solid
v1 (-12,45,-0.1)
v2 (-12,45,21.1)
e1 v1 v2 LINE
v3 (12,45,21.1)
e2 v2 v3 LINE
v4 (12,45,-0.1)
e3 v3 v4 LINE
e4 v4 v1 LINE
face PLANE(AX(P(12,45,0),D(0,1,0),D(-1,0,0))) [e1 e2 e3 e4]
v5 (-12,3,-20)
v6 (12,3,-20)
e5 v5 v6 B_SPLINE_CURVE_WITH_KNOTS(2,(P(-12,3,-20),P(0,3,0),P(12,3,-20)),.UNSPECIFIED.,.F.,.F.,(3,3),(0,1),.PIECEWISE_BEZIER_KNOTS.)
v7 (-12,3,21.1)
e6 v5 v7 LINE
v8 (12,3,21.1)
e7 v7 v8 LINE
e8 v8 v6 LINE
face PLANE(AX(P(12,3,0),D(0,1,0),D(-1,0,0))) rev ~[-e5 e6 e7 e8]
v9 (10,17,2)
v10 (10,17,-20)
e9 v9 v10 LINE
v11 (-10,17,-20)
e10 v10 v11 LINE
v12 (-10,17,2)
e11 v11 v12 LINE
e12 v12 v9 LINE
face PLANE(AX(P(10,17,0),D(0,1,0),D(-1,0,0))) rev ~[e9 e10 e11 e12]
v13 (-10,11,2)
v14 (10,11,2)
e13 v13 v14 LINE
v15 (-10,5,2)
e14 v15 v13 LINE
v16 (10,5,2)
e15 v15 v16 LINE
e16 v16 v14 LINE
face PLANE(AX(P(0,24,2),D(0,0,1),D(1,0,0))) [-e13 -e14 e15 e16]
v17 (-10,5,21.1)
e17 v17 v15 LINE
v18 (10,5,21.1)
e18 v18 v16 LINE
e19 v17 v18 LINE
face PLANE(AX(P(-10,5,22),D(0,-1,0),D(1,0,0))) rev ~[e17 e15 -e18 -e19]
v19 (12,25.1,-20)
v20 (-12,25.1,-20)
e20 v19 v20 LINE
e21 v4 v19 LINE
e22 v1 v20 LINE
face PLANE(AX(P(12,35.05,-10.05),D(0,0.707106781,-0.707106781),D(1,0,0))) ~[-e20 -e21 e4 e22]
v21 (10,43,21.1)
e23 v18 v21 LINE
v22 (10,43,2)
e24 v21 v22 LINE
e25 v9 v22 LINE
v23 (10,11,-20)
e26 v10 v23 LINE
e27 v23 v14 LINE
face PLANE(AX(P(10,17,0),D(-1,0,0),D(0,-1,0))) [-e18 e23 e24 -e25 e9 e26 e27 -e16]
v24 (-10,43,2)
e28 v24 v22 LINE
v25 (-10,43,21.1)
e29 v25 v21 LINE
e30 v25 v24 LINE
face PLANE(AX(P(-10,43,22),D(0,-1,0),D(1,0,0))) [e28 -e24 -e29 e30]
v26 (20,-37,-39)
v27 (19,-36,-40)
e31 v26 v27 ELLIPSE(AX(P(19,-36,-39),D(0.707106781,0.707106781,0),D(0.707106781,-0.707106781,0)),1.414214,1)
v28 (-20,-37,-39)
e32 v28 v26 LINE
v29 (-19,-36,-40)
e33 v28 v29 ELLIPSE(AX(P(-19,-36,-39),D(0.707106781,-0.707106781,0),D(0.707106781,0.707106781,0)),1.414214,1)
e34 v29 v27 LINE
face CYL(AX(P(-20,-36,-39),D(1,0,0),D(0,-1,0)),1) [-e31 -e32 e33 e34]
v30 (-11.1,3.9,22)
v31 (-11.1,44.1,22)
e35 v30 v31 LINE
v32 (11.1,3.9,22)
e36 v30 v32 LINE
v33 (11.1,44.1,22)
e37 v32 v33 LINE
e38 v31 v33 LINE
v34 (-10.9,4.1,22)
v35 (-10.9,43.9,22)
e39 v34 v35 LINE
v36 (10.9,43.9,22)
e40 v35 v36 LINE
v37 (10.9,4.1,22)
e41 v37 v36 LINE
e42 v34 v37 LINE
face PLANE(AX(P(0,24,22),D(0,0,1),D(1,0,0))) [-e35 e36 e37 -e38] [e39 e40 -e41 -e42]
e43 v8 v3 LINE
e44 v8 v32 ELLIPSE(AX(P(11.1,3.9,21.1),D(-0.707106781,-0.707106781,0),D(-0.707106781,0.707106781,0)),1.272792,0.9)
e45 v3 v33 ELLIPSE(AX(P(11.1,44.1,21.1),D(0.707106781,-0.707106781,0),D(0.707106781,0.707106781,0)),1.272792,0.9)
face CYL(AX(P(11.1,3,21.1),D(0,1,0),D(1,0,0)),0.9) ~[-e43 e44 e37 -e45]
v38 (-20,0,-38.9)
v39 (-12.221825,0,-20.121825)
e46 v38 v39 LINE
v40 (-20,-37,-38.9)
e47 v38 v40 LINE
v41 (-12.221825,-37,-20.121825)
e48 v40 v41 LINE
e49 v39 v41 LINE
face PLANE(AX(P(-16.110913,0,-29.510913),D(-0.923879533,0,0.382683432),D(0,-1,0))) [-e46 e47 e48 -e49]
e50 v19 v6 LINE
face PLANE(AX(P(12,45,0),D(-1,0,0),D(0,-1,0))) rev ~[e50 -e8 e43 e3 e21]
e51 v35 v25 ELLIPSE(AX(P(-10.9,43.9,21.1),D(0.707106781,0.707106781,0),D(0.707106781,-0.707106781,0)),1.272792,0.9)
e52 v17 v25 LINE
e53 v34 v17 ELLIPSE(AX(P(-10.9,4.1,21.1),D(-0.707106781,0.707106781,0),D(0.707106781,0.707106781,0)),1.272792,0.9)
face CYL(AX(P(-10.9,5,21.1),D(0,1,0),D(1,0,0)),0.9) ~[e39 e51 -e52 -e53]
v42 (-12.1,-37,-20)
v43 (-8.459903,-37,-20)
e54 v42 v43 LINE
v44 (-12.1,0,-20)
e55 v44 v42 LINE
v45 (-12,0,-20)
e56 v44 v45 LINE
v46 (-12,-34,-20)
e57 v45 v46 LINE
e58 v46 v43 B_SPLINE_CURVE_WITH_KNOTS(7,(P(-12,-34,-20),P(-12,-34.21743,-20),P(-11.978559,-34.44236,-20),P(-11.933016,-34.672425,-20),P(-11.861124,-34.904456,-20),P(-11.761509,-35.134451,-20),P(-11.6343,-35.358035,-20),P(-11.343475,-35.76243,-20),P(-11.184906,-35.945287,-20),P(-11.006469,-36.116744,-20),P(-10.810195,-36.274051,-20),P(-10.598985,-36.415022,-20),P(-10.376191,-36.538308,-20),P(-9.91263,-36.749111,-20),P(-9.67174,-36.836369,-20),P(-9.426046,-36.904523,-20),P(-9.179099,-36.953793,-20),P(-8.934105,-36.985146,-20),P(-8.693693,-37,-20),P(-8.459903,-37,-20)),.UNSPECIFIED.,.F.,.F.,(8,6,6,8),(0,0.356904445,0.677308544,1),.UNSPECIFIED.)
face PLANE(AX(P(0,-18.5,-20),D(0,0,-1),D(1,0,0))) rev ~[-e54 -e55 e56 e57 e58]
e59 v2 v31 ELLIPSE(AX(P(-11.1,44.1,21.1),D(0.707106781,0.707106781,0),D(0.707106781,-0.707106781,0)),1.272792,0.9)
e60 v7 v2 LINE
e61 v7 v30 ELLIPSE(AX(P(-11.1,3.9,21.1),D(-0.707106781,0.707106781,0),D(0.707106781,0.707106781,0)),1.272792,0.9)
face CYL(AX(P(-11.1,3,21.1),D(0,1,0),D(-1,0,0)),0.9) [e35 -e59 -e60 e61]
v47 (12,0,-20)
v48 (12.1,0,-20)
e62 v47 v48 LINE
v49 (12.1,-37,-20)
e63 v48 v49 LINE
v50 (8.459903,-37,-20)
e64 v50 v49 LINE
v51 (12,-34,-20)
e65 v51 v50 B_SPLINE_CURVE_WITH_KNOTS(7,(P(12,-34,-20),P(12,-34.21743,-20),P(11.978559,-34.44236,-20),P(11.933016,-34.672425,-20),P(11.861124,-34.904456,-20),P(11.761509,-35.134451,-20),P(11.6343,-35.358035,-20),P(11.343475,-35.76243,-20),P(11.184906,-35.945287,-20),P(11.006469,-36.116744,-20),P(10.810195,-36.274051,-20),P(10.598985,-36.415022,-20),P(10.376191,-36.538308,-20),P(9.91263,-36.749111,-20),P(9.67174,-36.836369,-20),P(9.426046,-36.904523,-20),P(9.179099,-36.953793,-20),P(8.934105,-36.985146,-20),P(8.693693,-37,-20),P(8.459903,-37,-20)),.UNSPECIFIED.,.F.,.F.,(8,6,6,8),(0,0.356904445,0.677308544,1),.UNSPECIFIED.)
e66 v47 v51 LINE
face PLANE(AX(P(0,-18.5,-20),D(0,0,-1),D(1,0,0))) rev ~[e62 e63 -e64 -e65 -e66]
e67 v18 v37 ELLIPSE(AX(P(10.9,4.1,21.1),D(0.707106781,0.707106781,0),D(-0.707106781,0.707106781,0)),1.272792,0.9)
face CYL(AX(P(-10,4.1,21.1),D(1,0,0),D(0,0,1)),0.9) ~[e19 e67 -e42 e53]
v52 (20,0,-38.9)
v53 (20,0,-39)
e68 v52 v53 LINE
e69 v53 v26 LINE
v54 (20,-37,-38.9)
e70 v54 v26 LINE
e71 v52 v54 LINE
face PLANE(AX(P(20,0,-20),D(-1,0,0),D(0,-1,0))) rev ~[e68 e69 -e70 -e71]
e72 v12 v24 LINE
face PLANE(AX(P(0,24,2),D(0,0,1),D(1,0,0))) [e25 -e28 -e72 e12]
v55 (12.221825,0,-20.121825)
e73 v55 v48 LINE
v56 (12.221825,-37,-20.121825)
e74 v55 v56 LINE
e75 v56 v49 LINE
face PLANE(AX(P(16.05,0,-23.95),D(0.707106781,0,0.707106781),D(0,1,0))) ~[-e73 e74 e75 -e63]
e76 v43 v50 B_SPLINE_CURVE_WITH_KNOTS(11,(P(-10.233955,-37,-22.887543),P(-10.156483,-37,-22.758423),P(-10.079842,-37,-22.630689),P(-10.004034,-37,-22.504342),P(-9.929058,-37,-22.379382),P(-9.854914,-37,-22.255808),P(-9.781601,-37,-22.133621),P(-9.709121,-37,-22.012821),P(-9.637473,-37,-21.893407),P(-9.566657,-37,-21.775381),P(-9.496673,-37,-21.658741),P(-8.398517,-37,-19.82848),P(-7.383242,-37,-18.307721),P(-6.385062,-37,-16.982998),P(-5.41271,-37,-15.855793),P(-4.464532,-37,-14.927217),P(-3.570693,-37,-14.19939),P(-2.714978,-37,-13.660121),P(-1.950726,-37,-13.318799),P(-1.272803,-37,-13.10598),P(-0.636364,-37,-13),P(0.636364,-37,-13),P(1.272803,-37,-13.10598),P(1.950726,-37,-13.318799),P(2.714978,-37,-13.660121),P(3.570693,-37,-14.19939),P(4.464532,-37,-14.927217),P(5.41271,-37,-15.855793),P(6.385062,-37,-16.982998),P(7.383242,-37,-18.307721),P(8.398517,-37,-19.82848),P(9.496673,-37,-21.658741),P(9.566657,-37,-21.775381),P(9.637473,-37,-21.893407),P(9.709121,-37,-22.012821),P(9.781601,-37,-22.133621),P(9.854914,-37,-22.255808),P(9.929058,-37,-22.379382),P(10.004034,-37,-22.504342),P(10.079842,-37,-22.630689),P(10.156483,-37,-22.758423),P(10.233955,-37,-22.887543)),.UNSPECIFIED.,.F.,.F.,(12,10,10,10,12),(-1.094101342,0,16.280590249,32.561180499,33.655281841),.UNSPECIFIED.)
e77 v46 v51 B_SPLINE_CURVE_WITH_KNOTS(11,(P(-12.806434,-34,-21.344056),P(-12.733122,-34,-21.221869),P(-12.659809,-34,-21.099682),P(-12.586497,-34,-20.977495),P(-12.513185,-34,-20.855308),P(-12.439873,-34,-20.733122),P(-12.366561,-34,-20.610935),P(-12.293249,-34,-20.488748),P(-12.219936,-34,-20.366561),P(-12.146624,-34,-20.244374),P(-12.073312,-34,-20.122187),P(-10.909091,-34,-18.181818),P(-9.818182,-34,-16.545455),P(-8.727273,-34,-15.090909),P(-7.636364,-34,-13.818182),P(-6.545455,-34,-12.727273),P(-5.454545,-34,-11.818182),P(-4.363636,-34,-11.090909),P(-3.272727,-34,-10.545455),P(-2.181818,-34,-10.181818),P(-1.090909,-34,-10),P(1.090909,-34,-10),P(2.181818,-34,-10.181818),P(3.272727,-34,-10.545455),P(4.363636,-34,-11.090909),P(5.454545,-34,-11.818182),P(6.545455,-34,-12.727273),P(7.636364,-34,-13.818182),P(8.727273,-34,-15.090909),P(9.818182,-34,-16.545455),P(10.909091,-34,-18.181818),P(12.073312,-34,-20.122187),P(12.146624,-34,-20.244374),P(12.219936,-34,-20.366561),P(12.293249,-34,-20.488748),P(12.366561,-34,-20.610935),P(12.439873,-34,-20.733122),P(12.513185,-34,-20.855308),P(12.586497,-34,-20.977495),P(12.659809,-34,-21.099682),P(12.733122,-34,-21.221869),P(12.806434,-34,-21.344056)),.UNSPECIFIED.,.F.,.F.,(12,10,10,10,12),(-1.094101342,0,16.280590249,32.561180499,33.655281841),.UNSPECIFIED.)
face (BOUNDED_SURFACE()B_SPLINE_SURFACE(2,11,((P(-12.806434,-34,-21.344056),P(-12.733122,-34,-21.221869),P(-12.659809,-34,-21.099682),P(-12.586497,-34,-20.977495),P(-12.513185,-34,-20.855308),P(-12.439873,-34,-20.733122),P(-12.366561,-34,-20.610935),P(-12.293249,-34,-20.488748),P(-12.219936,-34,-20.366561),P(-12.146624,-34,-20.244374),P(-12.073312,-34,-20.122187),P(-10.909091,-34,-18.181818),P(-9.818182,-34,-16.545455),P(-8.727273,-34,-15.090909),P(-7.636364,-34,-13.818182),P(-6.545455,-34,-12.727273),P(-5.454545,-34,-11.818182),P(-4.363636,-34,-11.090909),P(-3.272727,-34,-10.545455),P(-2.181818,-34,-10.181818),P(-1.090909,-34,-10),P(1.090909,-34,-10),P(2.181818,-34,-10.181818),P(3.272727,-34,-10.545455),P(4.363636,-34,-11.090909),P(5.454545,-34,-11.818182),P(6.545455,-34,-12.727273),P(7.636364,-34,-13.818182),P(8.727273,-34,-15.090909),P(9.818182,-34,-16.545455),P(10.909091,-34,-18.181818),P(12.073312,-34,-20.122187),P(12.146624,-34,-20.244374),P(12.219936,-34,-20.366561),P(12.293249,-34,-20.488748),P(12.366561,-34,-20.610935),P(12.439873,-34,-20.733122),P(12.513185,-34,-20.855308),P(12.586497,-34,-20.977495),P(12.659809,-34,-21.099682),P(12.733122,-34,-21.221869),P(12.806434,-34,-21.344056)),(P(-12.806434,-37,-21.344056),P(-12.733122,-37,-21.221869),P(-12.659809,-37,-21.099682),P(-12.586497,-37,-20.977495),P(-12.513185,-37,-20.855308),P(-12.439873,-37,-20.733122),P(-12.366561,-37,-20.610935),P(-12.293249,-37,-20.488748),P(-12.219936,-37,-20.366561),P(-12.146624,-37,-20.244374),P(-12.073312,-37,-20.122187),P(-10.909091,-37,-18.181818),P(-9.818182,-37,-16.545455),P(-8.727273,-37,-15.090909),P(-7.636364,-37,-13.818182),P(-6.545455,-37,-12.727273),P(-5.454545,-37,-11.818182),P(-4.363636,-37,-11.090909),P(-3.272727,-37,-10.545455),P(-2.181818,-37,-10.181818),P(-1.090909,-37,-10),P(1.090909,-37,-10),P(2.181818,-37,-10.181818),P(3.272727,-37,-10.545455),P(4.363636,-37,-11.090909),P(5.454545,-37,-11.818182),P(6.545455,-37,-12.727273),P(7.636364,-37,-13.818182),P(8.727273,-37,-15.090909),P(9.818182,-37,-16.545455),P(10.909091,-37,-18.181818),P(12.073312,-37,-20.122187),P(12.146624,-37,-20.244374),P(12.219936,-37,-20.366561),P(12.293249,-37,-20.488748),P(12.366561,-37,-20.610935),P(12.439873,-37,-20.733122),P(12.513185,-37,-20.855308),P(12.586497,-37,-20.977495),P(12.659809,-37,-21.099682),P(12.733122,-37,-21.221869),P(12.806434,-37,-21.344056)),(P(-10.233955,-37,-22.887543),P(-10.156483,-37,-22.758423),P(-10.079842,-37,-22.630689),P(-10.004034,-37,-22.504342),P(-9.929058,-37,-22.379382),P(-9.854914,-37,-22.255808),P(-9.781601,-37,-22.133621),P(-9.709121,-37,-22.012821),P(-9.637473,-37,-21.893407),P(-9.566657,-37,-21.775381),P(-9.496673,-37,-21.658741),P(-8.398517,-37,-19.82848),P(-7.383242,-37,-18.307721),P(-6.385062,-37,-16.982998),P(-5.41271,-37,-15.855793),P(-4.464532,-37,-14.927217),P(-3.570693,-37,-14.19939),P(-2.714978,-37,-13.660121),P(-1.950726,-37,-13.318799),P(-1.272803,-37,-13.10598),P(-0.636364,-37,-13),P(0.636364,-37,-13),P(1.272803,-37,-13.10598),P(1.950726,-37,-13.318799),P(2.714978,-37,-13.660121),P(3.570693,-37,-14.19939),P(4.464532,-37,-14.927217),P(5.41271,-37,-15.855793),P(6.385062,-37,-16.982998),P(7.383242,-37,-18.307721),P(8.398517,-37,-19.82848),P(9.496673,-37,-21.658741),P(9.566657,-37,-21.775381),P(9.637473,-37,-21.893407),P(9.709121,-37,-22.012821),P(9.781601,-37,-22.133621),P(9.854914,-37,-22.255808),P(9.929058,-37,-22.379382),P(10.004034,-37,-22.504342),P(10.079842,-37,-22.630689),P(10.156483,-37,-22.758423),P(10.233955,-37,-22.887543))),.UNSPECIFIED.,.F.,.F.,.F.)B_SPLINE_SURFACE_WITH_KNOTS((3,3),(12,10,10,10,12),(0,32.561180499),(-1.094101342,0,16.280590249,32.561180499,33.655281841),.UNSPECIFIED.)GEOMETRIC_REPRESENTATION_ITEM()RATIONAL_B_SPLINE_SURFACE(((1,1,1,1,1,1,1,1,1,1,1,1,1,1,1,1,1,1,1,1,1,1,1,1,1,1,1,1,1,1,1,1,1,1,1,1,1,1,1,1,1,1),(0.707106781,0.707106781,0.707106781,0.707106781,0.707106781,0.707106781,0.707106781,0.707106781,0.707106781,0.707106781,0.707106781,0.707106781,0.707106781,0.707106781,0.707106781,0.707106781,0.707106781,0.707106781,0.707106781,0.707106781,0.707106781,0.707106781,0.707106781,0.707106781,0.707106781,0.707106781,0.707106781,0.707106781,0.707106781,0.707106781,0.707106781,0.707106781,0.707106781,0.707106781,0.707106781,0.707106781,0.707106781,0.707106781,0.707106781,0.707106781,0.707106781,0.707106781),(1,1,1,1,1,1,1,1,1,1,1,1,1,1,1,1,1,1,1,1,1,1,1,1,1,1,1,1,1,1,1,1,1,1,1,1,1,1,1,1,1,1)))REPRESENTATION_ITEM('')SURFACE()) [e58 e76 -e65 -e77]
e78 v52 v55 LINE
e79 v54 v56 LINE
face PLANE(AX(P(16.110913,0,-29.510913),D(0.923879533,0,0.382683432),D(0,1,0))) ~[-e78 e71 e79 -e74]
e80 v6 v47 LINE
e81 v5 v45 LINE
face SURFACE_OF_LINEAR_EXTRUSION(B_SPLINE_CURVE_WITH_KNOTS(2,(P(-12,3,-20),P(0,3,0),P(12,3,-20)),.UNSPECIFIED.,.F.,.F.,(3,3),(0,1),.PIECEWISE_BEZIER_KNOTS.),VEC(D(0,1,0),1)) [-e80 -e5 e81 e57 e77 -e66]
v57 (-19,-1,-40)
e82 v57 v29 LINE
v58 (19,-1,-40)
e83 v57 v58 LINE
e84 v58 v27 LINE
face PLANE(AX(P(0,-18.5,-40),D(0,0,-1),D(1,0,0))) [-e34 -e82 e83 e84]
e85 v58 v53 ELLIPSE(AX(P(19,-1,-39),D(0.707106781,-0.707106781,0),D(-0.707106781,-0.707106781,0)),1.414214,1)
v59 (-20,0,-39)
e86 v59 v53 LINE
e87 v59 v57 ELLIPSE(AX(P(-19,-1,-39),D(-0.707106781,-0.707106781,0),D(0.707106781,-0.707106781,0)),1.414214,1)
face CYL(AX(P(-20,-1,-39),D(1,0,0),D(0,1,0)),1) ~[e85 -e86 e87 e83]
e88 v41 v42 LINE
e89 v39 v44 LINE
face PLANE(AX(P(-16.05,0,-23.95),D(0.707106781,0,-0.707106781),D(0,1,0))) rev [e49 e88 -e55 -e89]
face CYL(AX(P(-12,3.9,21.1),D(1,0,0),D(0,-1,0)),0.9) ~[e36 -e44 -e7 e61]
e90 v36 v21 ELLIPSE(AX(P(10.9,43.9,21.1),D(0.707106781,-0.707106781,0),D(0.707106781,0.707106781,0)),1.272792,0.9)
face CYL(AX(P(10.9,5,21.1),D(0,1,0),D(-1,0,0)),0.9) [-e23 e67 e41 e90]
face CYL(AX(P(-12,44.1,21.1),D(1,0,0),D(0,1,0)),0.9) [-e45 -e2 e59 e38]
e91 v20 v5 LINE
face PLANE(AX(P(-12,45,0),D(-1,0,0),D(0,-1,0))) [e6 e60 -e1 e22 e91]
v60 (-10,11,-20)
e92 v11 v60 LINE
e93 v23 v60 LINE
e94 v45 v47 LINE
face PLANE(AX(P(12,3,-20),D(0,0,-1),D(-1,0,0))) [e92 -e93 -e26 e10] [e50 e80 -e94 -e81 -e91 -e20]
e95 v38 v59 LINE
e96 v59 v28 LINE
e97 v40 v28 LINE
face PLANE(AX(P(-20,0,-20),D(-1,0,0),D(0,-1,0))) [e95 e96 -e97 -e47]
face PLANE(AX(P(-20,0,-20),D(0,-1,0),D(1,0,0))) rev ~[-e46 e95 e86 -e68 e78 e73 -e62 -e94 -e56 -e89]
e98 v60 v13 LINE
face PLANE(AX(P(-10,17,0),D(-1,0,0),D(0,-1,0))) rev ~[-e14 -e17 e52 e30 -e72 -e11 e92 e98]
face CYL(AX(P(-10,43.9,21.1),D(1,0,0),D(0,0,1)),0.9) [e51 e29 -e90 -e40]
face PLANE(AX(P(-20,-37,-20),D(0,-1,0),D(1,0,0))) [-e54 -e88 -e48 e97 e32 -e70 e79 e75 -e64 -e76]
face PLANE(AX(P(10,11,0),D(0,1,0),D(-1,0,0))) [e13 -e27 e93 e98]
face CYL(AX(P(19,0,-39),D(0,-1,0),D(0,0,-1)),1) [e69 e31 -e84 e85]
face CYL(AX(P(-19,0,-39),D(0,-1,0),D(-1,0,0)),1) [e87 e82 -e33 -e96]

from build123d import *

# Parameters (mm, degrees)
SKETCH_W            = 24
SKETCH_H            = 42
PAD_DEPTH           = 22
SKETCH001_W         = 20
SKETCH001_H         = 38
POCKET_DEPTH        = 20
SKETCH002_W         = 20
SKETCH002_H         = 6
POCKET001_DEPTH     = 5
POCKET001_FACE4_W   = 42
POCKET001_FACE4_H   = 24
POCKET001_FACE4_W_2 = 6
POCKET001_FACE4_H_2 = 20
PAD001_DEPTH        = 20
CHAMFER_SIZE        = 19.9
PAD002_DEPTH        = 40
FILLET_R            = 3
FILLET001_R         = 0.9
SKETCH004_W         = 40
SKETCH004_H         = 37
PAD003_DEPTH        = 20
FILLET002_R         = 1
CHAMFER001_SIZE     = 7.9
CHAMFER002_SIZE     = 11


with BuildPart() as part:
    # Sketch → Pad (new body)
    with BuildSketch(Plane.XY):
        with Locations((0, 24)):
            Rectangle(SKETCH_W, SKETCH_H)
    extrude(amount=PAD_DEPTH)

    # Sketch001 (on Face6 of Pad) → Pocket (cut)
    with BuildSketch(Plane.XY.offset(22)):
        with Locations((0, 24)):
            Rectangle(SKETCH001_W, SKETCH001_H)
    extrude(amount=-POCKET_DEPTH, mode=Mode.SUBTRACT)

    # Sketch002 (on Face11 of Pocket) → Pocket001 (cut)
    with BuildSketch(Plane.XY.offset(2)):
        with Locations((0, 14)):
            Rectangle(SKETCH002_W, SKETCH002_H)
    extrude(amount=-POCKET001_DEPTH, mode=Mode.SUBTRACT)

    # Pocket001 Face4 → Pad001 (add)
    with BuildSketch(Plane(origin=(0, 25.351351, 0), x_dir=(0, -1, 0), z_dir=(0, 0, -1))):
        with Locations((1.351351, 0)):
            Rectangle(POCKET001_FACE4_W, POCKET001_FACE4_H)
        with Locations((11.351351, 0)):
            Rectangle(POCKET001_FACE4_W_2, POCKET001_FACE4_H_2, mode=Mode.SUBTRACT)
    extrude(amount=PAD001_DEPTH)

    # Chamfer
    chamfer_edges = [part.edges().sort_by_distance(p)[0] for p in [
        (0, 45, -20),
    ]]
    chamfer(chamfer_edges, length=CHAMFER_SIZE)

    # Sketch003 (on Face8 of Chamfer) → Pad002 (join)
    with BuildSketch(Plane.XZ.offset(-3)):
        with BuildLine():
            Line((12, -20), (-12, -20))
            add(Edge.make_bspline(
                [(-12, -20), (0, 0), (12, -20)],
                knots=[0, 0, 0, 1, 1, 1], degree=2))
        make_face()
    extrude(amount=PAD002_DEPTH)

    # Fillet
    fillet_edges = [part.edges().sort_by_distance(p)[0] for p in [
        (-0.002974, -37, -10.000001),
    ]]
    fillet(fillet_edges, radius=FILLET_R)

    # Fillet001
    fillet001_edges = [part.edges().sort_by_distance(p)[0] for p in [
        (0, 45, 22),
        (-12, 24, 22),
        (12, 24, 22),
        (0, 3, 22),
        (0, 43, 22),
        (10, 24, 22),
        (0, 5, 22),
        (-10, 24, 22),
    ]]
    fillet(fillet001_edges, radius=FILLET001_R)

    # Sketch004 (on Face21 of Fillet001) → Pad003 (join)
    with BuildSketch(Plane(origin=(0, 0, -20), x_dir=(1, 0, 0), z_dir=(0, 0, -1))):
        with Locations((0, 18.5)):
            Rectangle(SKETCH004_W, SKETCH004_H)
    extrude(amount=PAD003_DEPTH)

    # Fillet002
    fillet002_edges = [part.edges().sort_by_distance(p)[0] for p in [
        (0, -37, -40),
        (20, -18.5, -40),
        (0, 0, -40),
        (-20, -18.5, -40),
    ]]
    fillet(fillet002_edges, radius=FILLET002_R)

    # Chamfer001
    chamfer001_edges = [part.edges().sort_by_distance(p)[0] for p in [
        (-20, -18.5, -20),
        (20, -18.5, -20),
    ]]
    chamfer(chamfer001_edges, length=CHAMFER001_SIZE)

    # Chamfer002
    chamfer002_edges = [part.edges().sort_by_distance(p)[0] for p in [
        (20, -18.5, -27.9),
        (-20, -18.5, -27.9),
    ]]
    chamfer(chamfer002_edges, length=CHAMFER002_SIZE)


solid = part.part
